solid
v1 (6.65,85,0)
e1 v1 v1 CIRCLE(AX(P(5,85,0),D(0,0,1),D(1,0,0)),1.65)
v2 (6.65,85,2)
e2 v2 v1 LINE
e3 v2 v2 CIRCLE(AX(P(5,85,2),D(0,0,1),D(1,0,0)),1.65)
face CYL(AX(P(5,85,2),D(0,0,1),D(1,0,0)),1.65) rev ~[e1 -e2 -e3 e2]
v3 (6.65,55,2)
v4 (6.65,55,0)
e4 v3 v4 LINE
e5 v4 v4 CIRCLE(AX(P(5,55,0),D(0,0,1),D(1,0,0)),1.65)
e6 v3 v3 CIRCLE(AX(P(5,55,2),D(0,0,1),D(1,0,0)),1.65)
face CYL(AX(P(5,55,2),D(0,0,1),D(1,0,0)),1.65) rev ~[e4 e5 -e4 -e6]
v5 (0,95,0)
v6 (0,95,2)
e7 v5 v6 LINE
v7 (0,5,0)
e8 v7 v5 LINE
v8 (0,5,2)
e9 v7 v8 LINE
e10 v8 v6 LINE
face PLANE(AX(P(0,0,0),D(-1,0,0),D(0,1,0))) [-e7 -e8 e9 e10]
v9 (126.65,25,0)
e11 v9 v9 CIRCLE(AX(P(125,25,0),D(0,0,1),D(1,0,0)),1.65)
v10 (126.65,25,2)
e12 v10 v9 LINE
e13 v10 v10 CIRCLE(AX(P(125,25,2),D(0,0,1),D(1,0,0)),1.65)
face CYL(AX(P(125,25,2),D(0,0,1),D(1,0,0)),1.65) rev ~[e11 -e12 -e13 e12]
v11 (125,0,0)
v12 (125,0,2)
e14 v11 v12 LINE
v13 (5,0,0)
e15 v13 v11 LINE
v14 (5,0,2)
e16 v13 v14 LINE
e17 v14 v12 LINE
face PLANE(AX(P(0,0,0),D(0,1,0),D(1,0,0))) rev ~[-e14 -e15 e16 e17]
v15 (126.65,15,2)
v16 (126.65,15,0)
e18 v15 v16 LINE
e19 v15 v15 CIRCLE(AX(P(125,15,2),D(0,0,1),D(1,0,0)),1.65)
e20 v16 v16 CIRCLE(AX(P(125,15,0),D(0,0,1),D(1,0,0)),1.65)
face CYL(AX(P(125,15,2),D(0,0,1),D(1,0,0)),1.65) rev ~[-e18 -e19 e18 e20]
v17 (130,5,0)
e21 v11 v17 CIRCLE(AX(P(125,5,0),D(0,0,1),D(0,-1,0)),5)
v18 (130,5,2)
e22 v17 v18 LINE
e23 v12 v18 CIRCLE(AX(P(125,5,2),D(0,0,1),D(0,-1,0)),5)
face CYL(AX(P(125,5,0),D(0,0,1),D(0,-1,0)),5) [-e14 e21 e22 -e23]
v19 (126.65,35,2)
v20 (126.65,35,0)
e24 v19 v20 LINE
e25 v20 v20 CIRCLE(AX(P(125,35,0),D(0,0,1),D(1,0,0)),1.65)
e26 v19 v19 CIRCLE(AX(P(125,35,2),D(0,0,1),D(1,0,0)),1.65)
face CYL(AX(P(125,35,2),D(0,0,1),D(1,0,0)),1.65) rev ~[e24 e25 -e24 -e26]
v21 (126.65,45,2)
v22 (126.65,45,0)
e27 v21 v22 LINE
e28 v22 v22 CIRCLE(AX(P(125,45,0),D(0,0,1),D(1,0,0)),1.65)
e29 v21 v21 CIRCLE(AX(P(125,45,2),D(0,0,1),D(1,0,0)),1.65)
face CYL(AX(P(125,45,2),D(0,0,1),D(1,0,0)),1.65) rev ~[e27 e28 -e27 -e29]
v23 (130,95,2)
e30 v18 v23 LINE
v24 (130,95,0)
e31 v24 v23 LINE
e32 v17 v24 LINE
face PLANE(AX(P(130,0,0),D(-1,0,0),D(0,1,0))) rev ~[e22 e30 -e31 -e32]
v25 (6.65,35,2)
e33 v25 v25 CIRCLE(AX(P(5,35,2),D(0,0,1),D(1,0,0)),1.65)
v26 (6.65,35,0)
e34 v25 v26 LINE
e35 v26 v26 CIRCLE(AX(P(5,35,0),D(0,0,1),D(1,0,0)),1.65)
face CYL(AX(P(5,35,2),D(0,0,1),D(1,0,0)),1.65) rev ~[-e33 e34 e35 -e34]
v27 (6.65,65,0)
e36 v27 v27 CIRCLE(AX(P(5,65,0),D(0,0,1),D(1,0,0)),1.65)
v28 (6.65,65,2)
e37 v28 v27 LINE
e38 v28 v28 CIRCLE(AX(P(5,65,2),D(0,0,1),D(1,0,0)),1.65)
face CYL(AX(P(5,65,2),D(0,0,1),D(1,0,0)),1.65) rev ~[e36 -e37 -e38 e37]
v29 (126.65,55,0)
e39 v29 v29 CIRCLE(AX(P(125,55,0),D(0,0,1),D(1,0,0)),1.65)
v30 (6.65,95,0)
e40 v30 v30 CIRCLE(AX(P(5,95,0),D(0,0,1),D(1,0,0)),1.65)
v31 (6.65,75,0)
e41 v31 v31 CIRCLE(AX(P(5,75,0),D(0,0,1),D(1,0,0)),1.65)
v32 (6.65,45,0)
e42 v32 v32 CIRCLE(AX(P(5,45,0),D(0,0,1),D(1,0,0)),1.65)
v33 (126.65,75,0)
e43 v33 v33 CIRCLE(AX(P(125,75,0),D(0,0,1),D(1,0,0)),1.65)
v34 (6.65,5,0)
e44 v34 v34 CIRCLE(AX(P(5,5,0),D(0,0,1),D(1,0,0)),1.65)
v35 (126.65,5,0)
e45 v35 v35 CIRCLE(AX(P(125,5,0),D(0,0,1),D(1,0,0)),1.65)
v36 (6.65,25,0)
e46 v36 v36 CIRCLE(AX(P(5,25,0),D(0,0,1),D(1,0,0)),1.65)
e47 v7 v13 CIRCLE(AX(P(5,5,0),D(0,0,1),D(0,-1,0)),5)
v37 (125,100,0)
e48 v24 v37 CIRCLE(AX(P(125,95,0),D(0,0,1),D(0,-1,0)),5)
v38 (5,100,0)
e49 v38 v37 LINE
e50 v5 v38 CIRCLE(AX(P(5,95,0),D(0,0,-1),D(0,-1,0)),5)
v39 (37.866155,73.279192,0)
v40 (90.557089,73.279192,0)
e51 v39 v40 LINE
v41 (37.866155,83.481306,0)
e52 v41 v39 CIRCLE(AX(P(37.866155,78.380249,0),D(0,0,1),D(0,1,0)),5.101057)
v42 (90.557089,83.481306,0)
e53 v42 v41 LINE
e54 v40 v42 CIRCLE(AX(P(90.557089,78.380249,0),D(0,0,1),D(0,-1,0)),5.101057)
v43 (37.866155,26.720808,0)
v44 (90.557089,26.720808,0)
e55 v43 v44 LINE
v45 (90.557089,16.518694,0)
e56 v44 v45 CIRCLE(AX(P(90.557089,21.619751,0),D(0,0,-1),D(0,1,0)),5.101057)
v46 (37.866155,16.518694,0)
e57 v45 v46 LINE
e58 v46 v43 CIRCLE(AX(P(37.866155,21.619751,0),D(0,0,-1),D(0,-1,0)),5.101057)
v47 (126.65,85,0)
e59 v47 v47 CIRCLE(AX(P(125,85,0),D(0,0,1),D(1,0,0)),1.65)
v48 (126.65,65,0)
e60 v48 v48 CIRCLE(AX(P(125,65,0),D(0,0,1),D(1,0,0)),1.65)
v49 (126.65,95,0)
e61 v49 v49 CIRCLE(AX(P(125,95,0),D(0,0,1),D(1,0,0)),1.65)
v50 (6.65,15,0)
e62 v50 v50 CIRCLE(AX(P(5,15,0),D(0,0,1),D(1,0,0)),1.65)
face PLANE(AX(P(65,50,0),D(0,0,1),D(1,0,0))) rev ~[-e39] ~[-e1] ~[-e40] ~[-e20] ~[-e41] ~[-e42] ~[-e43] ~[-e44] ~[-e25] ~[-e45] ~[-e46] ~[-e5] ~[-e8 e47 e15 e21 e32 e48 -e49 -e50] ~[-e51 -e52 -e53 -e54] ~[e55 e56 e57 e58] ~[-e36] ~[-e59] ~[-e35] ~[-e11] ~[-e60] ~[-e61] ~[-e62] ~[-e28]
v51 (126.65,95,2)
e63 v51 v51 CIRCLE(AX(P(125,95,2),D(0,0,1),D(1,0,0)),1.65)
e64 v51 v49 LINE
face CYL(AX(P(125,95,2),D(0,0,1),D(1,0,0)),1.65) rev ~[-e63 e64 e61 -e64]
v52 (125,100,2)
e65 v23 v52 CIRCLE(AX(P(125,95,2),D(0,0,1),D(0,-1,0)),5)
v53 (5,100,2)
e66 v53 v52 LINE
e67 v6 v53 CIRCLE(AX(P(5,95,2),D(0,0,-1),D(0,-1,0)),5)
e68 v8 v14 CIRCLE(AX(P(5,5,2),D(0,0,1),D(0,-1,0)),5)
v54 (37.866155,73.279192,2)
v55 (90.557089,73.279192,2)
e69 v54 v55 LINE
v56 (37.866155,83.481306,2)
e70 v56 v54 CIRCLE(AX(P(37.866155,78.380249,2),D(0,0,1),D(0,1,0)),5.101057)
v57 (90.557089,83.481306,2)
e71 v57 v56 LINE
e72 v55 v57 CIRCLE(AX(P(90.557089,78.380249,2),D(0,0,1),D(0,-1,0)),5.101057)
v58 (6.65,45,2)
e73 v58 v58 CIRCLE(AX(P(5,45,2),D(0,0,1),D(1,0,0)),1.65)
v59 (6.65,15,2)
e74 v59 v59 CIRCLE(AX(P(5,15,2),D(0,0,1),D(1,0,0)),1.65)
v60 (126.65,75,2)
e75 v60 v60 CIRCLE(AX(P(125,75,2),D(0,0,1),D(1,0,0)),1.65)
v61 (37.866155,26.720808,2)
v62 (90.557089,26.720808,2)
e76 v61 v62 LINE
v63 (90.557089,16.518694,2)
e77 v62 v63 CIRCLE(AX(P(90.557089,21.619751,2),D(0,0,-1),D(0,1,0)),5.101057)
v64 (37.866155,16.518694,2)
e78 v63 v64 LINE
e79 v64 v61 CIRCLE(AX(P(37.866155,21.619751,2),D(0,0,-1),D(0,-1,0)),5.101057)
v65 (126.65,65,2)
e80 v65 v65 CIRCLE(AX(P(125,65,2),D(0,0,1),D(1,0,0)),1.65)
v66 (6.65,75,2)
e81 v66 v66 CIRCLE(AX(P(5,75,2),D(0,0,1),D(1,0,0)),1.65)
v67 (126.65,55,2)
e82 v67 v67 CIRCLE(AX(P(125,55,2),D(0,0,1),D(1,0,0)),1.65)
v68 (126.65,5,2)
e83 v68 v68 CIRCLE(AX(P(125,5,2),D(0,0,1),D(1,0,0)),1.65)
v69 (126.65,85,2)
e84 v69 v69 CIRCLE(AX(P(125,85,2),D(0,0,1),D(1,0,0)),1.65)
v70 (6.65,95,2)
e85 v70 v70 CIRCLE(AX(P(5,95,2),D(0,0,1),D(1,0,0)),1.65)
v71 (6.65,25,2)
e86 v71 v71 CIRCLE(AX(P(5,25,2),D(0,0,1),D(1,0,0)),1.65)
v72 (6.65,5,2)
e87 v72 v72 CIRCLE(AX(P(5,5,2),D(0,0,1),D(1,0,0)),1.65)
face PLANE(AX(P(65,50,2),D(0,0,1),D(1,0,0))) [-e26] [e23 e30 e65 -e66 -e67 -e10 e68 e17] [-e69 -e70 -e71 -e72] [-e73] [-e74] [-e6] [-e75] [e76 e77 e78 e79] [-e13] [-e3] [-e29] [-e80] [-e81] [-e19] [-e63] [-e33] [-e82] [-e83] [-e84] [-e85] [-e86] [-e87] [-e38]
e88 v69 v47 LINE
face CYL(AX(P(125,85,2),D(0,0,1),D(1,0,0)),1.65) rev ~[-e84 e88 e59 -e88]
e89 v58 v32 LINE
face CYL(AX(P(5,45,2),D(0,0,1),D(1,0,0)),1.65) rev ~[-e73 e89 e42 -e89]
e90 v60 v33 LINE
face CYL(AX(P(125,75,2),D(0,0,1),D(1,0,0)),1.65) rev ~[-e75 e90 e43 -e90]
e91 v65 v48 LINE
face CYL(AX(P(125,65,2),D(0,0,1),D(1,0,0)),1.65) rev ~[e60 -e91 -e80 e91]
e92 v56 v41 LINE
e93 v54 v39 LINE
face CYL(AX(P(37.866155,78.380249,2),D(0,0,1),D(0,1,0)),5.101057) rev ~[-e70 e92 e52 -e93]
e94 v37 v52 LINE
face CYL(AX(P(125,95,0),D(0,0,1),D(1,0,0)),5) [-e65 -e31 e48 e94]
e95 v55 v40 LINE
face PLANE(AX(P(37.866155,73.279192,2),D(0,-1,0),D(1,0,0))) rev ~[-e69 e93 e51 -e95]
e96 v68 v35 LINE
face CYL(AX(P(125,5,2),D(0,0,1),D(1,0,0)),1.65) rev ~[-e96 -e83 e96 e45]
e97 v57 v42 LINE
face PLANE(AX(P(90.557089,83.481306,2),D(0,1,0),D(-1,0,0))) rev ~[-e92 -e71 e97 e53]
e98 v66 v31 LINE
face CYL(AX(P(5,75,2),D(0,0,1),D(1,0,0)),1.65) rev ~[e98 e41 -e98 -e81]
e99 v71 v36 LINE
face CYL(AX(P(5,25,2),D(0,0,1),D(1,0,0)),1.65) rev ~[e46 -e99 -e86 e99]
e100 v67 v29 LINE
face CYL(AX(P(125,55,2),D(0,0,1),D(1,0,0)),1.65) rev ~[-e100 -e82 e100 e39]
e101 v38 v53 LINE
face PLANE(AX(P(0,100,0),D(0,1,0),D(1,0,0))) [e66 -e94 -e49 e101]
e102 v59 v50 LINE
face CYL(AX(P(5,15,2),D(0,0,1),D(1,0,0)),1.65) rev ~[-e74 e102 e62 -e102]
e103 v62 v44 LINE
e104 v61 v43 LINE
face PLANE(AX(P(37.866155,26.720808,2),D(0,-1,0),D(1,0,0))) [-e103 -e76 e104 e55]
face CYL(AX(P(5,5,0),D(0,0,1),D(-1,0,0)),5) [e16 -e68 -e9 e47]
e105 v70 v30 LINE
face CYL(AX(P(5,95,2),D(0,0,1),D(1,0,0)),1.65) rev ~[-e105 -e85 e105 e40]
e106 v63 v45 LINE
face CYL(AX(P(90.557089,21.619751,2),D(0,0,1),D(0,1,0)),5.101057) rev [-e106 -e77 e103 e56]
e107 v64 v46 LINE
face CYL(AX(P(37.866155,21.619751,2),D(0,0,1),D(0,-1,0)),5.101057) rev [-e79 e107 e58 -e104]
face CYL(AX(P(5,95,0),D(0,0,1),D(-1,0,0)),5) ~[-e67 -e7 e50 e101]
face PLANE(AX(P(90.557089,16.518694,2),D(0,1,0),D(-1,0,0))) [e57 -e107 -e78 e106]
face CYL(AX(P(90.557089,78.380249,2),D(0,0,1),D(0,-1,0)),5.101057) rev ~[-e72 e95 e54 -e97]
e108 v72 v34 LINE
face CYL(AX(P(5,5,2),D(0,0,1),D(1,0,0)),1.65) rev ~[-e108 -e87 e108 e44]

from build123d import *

# Parameters (mm, degrees)
SKETCH_1_W                  = 130
SKETCH_1_H                  = 100
EXTRUDE_1_DEPTH             = 2
FILLET_1_R                  = 5
SKETCH_2_R                  = 1.65
CUT_EXTRUDE_1_DEPTH         = 2
PATTERN_LINEAR_1_COUNT      = 2
PATTERN_LINEAR_1_PITCH      = 120
PATTERN_LINEAR_1_COUNT_DIR2 = 10
PATTERN_LINEAR_1_PITCH_DIR2 = 10
CUT_EXTRUDE_2_DEPTH         = 2


with BuildPart() as part:
    # 草图1 → 凸台-拉伸1 (new body)
    with BuildSketch(Plane.XY):
        with Locations((65, 50)):
            Rectangle(SKETCH_1_W, SKETCH_1_H)
    extrude(amount=EXTRUDE_1_DEPTH)

    # 圆角1
    fillet_1_edges = [part.edges().sort_by_distance(p)[0] for p in [
        (0, 100, 1),
        (130, 100, 1),
        (130, 0, 1),
        (0, 0, 1),
    ]]
    fillet(fillet_1_edges, radius=FILLET_1_R)

    # 草图2 → 切除-拉伸1 (cut)
    with BuildSketch(Plane.XY.offset(2)):
        with Locations((5, 95)):
            Circle(SKETCH_2_R)
    cut_extrude_1 = extrude(amount=-CUT_EXTRUDE_1_DEPTH, mode=Mode.SUBTRACT)

    # 阵列(线性)1: Cut-Extrude 1 2 × 10
    with Locations(*[(i * PATTERN_LINEAR_1_PITCH, -j * PATTERN_LINEAR_1_PITCH_DIR2, 0) for i in range(PATTERN_LINEAR_1_COUNT) for j in range(PATTERN_LINEAR_1_COUNT_DIR2) if (i, j) != (0, 0)]):
        add(cut_extrude_1, mode=Mode.SUBTRACT)

    # 草图3 → 切除-拉伸2 (cut)
    with BuildSketch(Plane.XY.offset(2)):
        with BuildLine():
            Line((37.866154951, 73.279191598), (90.557089201, 73.279191598))
            ThreePointArc((90.557089201, 73.279191598), (95.658146272, 78.380248669), (90.557089201, 83.48130574))
            Line((90.557089201, 83.48130574), (37.866154951, 83.48130574))
            ThreePointArc((37.866154951, 83.48130574), (32.76509788, 78.380248669), (37.866154951, 73.279191598))
        make_face()
        with BuildLine():
            ThreePointArc((90.557089201, 26.720808402), (95.658146272, 21.619751331), (90.557089201, 16.51869426))
            Line((90.557089201, 16.51869426), (37.866154951, 16.51869426))
            ThreePointArc((37.866154951, 16.51869426), (32.76509788, 21.619751331), (37.866154951, 26.720808402))
            Line((37.866154951, 26.720808402), (90.557089201, 26.720808402))
        make_face()
    extrude(amount=-CUT_EXTRUDE_2_DEPTH, mode=Mode.SUBTRACT)


solid = part.part
